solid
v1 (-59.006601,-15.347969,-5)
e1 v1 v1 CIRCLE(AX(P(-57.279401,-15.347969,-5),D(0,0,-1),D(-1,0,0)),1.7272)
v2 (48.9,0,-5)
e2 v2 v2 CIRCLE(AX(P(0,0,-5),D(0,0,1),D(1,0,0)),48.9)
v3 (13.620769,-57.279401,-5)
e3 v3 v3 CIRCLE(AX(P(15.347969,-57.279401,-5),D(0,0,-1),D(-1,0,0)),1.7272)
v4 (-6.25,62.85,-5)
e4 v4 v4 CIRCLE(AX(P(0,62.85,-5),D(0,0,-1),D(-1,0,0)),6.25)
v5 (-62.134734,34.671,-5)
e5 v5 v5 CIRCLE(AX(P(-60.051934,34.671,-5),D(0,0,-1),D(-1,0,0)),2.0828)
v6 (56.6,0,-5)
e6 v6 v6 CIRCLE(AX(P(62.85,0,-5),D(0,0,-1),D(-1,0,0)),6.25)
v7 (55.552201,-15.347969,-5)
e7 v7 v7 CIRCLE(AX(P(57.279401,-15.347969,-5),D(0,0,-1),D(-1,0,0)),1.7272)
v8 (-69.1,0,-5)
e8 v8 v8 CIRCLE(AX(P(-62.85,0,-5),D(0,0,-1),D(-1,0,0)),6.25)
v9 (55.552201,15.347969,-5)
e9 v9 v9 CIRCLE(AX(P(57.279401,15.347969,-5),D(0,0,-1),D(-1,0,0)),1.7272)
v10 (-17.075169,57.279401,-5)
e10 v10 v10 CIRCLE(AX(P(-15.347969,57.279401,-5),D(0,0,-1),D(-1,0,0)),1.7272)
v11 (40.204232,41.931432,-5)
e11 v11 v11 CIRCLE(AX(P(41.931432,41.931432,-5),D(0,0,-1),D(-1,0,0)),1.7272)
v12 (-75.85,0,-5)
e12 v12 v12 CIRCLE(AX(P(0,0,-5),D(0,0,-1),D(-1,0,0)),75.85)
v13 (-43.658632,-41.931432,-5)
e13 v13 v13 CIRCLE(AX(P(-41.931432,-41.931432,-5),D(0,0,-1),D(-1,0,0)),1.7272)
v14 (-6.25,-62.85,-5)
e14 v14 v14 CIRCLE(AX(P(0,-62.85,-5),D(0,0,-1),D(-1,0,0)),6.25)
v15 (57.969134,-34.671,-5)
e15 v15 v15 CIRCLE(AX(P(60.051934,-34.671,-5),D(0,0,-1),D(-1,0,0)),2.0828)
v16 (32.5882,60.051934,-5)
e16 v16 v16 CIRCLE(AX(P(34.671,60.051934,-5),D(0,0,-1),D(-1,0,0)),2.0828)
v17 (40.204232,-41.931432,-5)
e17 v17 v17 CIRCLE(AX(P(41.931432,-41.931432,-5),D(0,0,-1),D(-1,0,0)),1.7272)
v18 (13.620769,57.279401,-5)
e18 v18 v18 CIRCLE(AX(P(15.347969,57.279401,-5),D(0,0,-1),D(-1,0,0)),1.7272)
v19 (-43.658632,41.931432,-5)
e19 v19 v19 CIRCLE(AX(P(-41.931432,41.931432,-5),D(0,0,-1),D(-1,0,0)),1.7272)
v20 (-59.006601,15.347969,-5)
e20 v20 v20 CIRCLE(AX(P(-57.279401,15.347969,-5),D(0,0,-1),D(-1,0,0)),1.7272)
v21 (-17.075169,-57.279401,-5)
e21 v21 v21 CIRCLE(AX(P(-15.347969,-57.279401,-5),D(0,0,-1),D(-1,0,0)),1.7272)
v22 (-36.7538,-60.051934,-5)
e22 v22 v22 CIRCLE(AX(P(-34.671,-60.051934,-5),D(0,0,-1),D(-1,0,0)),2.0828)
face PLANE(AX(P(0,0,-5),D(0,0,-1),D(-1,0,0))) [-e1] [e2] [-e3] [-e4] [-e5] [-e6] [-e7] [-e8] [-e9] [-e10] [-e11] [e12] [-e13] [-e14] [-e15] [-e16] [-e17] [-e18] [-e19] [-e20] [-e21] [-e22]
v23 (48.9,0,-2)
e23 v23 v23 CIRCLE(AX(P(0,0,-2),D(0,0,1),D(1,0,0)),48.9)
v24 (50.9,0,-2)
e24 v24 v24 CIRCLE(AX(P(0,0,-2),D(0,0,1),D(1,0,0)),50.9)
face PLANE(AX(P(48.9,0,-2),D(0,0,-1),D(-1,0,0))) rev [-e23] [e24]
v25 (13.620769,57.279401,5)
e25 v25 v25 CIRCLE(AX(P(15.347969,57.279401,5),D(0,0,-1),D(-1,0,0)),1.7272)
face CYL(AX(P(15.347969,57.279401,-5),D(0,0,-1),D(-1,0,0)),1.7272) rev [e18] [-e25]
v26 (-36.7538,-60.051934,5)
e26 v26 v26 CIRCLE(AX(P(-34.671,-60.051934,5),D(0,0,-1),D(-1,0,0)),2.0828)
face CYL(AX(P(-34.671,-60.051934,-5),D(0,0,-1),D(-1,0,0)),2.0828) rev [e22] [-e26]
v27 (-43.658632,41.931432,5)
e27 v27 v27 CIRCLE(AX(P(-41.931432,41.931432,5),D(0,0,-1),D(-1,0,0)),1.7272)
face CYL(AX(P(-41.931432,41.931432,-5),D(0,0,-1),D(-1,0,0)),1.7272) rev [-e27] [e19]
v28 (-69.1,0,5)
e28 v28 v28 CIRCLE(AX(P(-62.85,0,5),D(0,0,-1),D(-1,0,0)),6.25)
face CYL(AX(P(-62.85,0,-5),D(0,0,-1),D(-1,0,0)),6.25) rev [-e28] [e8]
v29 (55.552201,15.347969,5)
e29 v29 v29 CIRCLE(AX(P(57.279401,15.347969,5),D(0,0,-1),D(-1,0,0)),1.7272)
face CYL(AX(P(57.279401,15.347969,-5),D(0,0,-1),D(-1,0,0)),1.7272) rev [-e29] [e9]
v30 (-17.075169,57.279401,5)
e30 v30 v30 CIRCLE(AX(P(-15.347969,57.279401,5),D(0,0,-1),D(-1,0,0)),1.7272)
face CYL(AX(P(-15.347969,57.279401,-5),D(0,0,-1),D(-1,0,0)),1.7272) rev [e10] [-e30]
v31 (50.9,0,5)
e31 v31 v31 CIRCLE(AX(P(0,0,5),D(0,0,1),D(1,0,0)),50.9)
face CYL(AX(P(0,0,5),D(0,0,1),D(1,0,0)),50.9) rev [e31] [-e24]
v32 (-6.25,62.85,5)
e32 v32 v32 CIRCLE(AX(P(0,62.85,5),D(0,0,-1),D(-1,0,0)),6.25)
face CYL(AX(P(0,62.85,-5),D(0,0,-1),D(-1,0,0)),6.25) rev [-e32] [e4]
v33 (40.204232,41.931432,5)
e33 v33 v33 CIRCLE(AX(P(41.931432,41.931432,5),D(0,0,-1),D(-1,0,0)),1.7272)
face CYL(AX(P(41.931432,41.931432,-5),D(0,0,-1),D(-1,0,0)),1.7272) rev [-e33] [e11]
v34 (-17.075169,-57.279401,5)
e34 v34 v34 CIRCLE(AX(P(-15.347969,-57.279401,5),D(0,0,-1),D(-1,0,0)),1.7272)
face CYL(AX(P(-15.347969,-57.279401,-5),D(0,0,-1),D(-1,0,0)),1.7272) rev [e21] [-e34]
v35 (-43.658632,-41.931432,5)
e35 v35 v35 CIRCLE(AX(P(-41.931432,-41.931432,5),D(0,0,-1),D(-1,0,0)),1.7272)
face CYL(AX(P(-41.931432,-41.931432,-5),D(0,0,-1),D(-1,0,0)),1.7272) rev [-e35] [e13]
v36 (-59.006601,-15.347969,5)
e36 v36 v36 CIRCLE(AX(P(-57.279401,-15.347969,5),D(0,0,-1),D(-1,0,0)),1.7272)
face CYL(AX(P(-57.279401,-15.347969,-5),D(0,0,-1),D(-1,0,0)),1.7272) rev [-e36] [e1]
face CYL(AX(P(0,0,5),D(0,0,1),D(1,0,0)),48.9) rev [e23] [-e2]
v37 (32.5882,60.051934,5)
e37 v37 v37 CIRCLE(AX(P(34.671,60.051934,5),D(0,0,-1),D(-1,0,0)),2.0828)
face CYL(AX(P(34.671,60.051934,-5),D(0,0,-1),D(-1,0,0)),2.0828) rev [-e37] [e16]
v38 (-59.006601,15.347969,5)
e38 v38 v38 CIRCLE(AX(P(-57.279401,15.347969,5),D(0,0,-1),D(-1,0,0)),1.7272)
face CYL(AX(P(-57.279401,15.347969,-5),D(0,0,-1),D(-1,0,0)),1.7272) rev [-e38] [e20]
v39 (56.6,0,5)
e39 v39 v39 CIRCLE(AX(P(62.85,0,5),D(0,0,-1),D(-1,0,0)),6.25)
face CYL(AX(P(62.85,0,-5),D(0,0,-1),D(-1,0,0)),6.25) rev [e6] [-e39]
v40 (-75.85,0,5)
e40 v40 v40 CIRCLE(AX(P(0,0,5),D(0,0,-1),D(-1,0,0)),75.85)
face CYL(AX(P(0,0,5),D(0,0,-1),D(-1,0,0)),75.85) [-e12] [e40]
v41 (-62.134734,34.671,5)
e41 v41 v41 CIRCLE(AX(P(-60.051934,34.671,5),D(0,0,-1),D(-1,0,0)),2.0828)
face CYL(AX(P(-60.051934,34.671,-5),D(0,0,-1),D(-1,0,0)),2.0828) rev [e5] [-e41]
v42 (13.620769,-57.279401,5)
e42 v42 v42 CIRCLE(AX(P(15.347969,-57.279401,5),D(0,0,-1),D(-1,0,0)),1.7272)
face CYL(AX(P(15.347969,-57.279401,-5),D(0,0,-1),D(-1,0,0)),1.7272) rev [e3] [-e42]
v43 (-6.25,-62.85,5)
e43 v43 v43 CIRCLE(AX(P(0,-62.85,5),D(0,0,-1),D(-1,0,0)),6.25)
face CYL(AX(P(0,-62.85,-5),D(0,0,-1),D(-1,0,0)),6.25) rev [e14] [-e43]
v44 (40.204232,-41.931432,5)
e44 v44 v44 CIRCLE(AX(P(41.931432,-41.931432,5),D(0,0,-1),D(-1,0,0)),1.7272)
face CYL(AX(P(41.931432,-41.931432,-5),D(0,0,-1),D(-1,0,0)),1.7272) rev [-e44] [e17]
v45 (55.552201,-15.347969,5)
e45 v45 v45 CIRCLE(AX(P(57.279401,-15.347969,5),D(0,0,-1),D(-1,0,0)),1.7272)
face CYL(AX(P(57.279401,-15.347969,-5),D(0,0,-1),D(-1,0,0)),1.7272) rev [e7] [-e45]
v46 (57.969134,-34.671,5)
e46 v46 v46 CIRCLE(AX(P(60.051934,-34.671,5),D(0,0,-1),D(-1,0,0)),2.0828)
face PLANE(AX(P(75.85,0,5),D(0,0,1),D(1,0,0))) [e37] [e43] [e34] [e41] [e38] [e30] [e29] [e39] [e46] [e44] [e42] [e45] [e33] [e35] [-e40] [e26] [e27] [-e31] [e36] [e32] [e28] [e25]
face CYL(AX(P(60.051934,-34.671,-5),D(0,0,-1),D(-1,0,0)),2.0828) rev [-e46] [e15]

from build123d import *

# Parameters (mm, degrees)
SKETCH1_W                                = 75.85
SKETCH1_H                                = 10
M3_5_CLEARANCE_HOLE1_D                   = 4.1656
M3_5_CLEARANCE_HOLE1_DEPTH               = 10
M3_CLEARANCE_HOLE1_D                     = 3.4544
M3_CLEARANCE_HOLE1_DEPTH                 = 10
F_12_5_12_5_DIAMETER_HOLE1_D             = 12.5
F_12_5_12_5_DIAMETER_HOLE1_DEPTH         = 10
CBORE_FOR_M90_HEX_HEAD_BOLT1_D           = 97.8
CBORE_FOR_M90_HEX_HEAD_BOLT1_DEPTH       = 10
CBORE_FOR_M90_HEX_HEAD_BOLT1_CBORE_D     = 101.8
CBORE_FOR_M90_HEX_HEAD_BOLT1_CBORE_DEPTH = 7


with BuildPart() as part:
    # Sketch1 → Revolve1 (revolve)
    with BuildSketch(Plane.XZ):
        with Locations((37.925, 0)):
            Rectangle(SKETCH1_W, SKETCH1_H)
    revolve(axis=Axis((0, 0, 5), (0, 0, -1)))

    # M3.5 Clearance Hole1
    with Locations(Plane(origin=(0, 0, -5), x_dir=(-1, 0, 0), z_dir=(0, 0, -1))):
        with Locations((60.051933549, 34.671), (-34.671, 60.051933549), (-60.051933549, -34.671), (34.671, -60.051933549)):
            Hole(M3_5_CLEARANCE_HOLE1_D / 2, depth=M3_5_CLEARANCE_HOLE1_DEPTH)

    # M3 Clearance Hole1
    with Locations(Plane(origin=(0, 0, -5), x_dir=(-1, 0, 0), z_dir=(0, 0, -1))):
        with Locations((41.931432124, 41.931432124), (57.279401499, 15.347969375), (57.279401499, -15.347969375), (41.931432124, -41.931432124), (15.347969375, -57.279401499), (-15.347969375, -57.279401499), (-41.931432124, -41.931432124), (-57.279401499, -15.347969375), (-57.279401499, 15.347969375), (-41.931432124, 41.931432124), (-15.347969375, 57.279401499), (15.347969375, 57.279401499)):
            Hole(M3_CLEARANCE_HOLE1_D / 2, depth=M3_CLEARANCE_HOLE1_DEPTH)

    # Ø12.5 (12.5) Diameter Hole1
    with Locations(Plane(origin=(0, 0, -5), x_dir=(-1, 0, 0), z_dir=(0, 0, -1))):
        with Locations((62.85, 0), (0, -62.85), (-62.85, 0), (0, 62.85)):
            Hole(F_12_5_12_5_DIAMETER_HOLE1_D / 2, depth=F_12_5_12_5_DIAMETER_HOLE1_DEPTH)

    # CBORE for M90 Hex Head Bolt1
    with Locations(Plane.XY.offset(5)):
        with Locations((0, 0)):
            CounterBoreHole(CBORE_FOR_M90_HEX_HEAD_BOLT1_D / 2, CBORE_FOR_M90_HEX_HEAD_BOLT1_CBORE_D / 2, CBORE_FOR_M90_HEX_HEAD_BOLT1_CBORE_DEPTH, depth=CBORE_FOR_M90_HEX_HEAD_BOLT1_DEPTH)


solid = part.part
